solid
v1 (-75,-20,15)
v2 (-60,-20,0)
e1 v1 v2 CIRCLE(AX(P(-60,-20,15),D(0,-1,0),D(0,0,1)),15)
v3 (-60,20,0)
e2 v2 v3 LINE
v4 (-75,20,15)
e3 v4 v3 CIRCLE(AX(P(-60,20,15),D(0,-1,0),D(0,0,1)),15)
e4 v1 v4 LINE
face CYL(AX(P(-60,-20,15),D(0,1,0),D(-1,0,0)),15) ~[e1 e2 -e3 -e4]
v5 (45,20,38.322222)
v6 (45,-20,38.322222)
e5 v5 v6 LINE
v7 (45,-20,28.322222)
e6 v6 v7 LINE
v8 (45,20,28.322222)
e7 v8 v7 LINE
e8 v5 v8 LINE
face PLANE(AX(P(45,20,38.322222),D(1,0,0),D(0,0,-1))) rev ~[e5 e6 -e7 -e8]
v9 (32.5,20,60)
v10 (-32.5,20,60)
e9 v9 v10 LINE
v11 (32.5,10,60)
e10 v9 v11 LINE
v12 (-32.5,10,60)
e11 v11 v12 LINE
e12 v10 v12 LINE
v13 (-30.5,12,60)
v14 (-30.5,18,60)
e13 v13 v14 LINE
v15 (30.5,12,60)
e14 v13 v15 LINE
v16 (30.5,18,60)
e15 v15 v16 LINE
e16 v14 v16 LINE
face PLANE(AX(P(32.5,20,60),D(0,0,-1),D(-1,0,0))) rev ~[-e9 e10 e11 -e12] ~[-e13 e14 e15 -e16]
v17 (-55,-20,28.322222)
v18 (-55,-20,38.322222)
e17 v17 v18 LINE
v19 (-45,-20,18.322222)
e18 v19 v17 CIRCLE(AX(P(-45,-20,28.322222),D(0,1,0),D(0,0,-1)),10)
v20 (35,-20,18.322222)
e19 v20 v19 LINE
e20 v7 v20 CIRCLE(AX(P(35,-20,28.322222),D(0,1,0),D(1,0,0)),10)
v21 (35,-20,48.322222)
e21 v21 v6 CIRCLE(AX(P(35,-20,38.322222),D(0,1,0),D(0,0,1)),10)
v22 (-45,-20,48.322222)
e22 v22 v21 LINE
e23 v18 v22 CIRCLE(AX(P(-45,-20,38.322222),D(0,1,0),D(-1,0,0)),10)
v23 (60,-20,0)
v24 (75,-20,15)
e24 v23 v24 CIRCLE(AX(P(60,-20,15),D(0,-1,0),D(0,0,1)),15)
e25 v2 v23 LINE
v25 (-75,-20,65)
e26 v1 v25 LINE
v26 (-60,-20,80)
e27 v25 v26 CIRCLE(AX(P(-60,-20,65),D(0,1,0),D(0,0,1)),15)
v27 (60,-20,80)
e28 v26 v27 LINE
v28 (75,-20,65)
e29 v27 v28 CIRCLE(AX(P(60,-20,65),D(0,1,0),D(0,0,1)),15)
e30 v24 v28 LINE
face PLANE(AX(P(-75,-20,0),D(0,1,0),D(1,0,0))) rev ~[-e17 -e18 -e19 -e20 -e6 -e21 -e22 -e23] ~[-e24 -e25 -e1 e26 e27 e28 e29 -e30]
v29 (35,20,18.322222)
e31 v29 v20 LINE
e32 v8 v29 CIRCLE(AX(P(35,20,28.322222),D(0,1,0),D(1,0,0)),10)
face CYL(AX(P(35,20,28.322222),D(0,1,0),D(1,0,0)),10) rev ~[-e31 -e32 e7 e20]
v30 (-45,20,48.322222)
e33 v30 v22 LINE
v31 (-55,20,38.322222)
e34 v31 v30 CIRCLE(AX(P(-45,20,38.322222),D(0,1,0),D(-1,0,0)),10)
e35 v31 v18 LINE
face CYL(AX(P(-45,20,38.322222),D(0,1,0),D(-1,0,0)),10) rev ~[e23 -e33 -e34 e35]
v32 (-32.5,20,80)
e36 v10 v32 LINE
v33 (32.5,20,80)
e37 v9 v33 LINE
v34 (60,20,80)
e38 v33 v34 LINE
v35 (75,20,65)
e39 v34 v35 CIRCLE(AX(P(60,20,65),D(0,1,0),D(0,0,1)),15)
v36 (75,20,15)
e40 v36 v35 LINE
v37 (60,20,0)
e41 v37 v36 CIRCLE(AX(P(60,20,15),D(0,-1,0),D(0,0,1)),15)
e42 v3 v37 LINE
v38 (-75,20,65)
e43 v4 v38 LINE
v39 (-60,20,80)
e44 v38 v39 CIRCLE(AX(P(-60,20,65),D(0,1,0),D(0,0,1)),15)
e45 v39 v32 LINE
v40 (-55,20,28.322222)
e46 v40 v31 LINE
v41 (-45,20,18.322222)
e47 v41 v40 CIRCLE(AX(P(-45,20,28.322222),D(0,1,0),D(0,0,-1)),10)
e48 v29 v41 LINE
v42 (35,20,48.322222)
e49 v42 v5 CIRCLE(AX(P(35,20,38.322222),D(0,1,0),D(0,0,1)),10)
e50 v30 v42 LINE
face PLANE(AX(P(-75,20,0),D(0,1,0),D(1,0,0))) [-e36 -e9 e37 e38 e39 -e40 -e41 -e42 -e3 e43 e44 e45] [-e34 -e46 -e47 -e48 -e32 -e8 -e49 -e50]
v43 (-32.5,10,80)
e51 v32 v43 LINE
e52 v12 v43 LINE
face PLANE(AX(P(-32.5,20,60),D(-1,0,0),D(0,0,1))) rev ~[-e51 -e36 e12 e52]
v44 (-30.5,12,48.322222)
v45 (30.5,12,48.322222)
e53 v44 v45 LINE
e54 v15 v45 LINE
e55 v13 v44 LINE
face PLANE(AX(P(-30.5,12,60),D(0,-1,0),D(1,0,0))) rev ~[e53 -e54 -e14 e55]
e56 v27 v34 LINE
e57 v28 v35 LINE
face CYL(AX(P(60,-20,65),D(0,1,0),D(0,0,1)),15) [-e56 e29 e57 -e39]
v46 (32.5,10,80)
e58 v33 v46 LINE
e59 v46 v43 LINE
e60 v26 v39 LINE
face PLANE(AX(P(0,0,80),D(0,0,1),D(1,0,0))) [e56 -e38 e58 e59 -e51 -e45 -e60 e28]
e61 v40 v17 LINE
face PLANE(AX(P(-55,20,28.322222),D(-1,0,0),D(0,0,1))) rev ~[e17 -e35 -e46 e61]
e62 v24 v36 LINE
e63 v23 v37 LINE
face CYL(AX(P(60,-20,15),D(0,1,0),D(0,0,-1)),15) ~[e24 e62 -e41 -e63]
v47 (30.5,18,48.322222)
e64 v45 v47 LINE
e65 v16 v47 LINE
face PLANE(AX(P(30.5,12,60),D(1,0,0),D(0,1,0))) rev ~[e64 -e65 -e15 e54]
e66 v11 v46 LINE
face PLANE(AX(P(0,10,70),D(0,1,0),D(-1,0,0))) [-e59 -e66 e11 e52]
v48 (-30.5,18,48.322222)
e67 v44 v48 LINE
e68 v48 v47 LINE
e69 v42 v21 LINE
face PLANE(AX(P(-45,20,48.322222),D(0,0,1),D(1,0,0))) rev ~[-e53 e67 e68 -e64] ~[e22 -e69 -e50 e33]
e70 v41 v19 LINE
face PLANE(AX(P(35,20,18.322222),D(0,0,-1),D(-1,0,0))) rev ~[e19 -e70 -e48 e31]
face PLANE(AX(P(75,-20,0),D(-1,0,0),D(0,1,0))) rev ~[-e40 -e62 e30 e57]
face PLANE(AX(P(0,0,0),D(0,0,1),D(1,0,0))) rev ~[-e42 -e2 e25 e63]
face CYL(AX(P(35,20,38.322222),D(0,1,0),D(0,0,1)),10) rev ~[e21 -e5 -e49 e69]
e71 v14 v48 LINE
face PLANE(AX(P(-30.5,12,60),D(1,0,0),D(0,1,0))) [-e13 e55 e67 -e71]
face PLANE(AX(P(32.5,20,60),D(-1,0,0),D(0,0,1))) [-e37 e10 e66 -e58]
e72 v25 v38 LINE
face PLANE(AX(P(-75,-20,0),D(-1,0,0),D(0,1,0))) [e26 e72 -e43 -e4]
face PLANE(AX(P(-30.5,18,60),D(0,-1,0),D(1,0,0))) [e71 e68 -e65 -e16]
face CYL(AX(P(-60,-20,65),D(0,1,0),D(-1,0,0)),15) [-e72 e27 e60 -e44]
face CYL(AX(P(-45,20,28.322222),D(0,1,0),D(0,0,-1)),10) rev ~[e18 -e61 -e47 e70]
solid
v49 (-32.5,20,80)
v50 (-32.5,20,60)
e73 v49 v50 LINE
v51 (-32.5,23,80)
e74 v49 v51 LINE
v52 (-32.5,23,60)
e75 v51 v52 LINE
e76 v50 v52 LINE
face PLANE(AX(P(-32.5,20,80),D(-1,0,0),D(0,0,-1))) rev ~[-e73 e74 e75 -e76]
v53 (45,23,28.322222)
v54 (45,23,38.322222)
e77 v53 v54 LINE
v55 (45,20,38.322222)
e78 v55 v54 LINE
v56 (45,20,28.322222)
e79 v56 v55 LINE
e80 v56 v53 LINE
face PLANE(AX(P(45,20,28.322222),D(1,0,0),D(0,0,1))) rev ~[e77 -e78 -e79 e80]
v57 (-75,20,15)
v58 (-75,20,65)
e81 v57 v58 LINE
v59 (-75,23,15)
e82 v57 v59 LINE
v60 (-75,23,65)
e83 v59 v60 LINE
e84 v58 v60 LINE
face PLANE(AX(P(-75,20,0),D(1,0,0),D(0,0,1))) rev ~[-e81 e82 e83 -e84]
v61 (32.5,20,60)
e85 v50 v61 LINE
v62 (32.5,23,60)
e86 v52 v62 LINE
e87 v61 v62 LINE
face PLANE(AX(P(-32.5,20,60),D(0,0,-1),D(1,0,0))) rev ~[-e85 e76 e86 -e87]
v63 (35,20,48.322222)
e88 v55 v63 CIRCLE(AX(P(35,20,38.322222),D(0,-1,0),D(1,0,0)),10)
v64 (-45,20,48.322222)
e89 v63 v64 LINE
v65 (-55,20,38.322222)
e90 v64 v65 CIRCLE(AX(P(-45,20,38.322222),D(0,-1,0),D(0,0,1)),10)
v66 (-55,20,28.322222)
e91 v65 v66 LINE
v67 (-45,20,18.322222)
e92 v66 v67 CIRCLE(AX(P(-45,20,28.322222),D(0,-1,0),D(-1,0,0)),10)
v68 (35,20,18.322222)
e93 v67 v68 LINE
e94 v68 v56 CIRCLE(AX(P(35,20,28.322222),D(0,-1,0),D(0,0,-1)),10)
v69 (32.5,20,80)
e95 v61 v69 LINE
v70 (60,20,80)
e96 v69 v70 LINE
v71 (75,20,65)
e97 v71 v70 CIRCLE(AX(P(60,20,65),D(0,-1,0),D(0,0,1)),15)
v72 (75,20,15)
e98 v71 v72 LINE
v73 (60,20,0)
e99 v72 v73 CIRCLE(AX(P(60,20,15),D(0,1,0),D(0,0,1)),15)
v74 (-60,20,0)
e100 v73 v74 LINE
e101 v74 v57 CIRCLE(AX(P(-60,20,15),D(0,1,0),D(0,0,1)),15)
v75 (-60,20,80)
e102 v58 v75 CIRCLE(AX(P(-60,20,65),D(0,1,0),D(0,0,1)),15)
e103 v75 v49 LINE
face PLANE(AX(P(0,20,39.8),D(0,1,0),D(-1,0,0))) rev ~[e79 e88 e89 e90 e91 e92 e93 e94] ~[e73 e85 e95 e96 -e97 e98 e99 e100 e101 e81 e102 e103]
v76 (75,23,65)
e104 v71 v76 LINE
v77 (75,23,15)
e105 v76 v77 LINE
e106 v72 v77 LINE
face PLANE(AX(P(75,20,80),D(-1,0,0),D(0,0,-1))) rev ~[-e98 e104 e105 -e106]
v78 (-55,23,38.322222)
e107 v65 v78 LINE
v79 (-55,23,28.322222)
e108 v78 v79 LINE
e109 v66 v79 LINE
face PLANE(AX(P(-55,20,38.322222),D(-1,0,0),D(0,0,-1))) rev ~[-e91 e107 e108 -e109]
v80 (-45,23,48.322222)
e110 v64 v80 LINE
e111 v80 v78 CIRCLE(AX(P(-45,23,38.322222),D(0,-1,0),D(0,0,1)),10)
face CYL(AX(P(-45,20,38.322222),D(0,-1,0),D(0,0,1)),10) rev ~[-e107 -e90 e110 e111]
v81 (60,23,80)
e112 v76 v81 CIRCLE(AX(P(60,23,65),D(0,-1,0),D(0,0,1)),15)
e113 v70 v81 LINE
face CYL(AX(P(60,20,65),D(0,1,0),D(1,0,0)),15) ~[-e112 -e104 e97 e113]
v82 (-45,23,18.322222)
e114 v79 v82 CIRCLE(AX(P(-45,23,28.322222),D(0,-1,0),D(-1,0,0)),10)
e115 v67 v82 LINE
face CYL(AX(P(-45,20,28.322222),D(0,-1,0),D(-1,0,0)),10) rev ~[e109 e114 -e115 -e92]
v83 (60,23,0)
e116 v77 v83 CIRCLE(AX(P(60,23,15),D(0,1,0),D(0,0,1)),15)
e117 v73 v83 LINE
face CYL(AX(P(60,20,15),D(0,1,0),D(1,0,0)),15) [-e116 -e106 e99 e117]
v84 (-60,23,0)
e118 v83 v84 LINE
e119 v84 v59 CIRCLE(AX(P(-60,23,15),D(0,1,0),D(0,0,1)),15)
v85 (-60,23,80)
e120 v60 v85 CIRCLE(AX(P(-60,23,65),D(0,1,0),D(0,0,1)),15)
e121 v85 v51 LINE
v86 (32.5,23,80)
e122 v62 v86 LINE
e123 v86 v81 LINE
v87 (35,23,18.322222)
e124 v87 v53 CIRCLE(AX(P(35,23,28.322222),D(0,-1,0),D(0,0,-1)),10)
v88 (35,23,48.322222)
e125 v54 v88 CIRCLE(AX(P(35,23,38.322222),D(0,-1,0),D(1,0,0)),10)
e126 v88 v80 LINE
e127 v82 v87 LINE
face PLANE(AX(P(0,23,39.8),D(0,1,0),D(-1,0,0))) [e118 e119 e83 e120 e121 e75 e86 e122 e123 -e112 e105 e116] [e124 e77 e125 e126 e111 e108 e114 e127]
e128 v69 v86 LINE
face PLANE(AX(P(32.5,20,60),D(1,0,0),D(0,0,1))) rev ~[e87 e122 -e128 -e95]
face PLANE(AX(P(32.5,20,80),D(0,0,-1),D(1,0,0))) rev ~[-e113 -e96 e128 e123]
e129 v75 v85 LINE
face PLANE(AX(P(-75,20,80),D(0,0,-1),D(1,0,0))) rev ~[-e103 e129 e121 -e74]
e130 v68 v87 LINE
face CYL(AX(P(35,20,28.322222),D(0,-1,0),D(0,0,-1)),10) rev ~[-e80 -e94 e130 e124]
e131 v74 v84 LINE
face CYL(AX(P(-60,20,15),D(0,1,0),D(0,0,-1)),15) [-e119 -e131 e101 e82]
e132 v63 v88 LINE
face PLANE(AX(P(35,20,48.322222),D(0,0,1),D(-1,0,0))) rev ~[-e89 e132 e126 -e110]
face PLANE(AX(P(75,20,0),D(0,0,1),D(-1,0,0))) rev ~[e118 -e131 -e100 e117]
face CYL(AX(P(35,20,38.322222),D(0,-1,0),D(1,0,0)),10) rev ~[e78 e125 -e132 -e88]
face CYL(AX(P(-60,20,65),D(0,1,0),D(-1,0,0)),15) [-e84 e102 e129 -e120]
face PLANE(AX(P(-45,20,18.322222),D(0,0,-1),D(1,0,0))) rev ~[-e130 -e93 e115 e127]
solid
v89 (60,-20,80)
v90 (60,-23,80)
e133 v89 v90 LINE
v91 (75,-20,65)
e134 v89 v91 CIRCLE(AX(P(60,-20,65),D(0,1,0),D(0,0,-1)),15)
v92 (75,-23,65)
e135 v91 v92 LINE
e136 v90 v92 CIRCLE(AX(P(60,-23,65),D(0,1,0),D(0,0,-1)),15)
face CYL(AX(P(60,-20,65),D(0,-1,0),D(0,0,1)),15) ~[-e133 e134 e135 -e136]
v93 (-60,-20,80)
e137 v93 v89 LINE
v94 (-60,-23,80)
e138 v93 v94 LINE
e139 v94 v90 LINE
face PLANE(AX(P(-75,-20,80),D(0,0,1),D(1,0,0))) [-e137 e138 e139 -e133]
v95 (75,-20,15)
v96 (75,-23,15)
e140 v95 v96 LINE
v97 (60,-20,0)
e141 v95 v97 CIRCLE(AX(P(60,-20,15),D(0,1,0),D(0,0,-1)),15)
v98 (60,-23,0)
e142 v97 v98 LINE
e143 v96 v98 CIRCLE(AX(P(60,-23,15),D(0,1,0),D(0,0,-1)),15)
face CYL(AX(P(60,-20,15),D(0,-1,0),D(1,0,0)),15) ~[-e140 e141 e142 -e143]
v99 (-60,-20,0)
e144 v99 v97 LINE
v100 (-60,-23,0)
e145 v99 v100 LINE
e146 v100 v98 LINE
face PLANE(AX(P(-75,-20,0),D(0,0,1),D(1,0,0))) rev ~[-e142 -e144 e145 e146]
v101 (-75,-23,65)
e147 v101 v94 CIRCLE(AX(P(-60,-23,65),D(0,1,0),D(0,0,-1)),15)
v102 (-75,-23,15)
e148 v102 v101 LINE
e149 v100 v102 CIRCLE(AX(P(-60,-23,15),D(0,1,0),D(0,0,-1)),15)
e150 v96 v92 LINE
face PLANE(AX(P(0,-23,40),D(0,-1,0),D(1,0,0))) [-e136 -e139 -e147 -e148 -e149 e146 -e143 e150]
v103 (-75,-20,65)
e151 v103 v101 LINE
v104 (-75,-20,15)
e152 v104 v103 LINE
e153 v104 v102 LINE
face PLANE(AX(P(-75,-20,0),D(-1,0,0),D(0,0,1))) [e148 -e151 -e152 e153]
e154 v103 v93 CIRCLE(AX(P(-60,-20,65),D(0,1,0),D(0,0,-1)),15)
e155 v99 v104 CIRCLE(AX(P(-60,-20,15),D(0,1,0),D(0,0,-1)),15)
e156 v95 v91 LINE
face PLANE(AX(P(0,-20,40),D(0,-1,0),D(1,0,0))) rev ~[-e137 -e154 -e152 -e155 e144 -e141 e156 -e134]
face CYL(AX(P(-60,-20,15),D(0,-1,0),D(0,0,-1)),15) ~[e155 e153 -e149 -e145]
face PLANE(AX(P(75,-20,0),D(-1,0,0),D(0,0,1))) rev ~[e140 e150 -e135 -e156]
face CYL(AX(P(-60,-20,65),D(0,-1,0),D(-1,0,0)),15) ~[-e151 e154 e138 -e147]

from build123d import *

# Parameters (mm, degrees)
F0_W      = 150
F0_H      = 40
F1_DEPTH  = 80
F2_W      = 65
F2_H      = 20
F3_DEPTH  = 10
F5_DEPTH  = 68.2
F6_W      = 61
F6_H      = 6
F7_DEPTH  = 25
F9_DEPTH  = 3
F10_W     = 150
F10_H     = 80
F11_DEPTH = 3
F12_W     = 150
F12_H     = 80
F13_DEPTH = 3
F15_R     = 15
F16_R     = 15
F17_R     = 15
F18_R     = 15
F19_R     = 15
F20_R     = 15
F21_R     = 15
F22_R     = 15
F23_R     = 15
F24_R     = 15
F25_R     = 15
F26_R     = 15


with BuildPart() as f1:
    # F0 (on Top) → F1 (new body)
    with BuildSketch(Plane.XY):
        Rectangle(F0_W, F0_H)
    extrude(amount=F1_DEPTH)

    # F2 (on face) → F3 (cut)
    with BuildSketch(Plane(origin=(0, 20, 0), x_dir=(-1, 0, 0), z_dir=(0, 1, 0))):
        with Locations((0, 70)):
            Rectangle(F2_W, F2_H)
    extrude(amount=-F3_DEPTH, mode=Mode.SUBTRACT)

    # F4 (on face) → F5 (cut)
    with BuildSketch(Plane(origin=(0, 20, 0), x_dir=(-1, 0, 0), z_dir=(0, 1, 0))):
        with BuildLine():
            Line((45, 48.3222220466), (-35, 48.3222220466))
            ThreePointArc((-35, 48.3222220466), (-42.0710678119, 45.3932898584), (-45, 38.3222220466))
            Line((-45, 38.3222220466), (-45, 28.3222220466))
            ThreePointArc((-45, 28.3222220466), (-42.0710678119, 21.2511542347), (-35, 18.3222220466))
            Line((-35, 18.3222220466), (45, 18.3222220466))
            ThreePointArc((45, 18.3222220466), (52.0710678119, 21.2511542347), (55, 28.3222220466))
            Line((55, 28.3222220466), (55, 38.3222220466))
            ThreePointArc((55, 38.3222220466), (52.0710678119, 45.3932898584), (45, 48.3222220466))
        make_face()
    extrude(amount=-F5_DEPTH, mode=Mode.SUBTRACT)

    # F6 (on face) → F7 (cut)
    with BuildSketch(Plane.XY.offset(60)):
        with Locations((0, 15)):
            Rectangle(F6_W, F6_H)
    extrude(amount=-F7_DEPTH, mode=Mode.SUBTRACT)

    # F15
    f15_edges = [f1.edges().sort_by_distance(p)[0] for p in [
        (-75, 0, 80),
    ]]
    fillet(f15_edges, radius=F15_R)

    # F16
    f16_edges = [f1.edges().sort_by_distance(p)[0] for p in [
        (75, 0, 80),
    ]]
    fillet(f16_edges, radius=F16_R)

    # F17
    f17_edges = [f1.edges().sort_by_distance(p)[0] for p in [
        (-75, 0, 0),
    ]]
    fillet(f17_edges, radius=F17_R)

    # F18
    f18_edges = [f1.edges().sort_by_distance(p)[0] for p in [
        (75, 0, 0),
    ]]
    fillet(f18_edges, radius=F18_R)


with BuildPart() as f9:
    # F8 (on face) → F9 (new body)
    with BuildSketch(Plane(origin=(0, 20, 0), x_dir=(-1, 0, 0), z_dir=(0, 1, 0))):
        Polygon((-32.5, 80), (-75, 80), (-75, 0), (75, 0), (75, 80), (32.5, 80), (32.5, 60), (-32.5, 60), align=None)
        with BuildLine():
            ThreePointArc((-45, 38.3222220466), (-42.0710678119, 45.3932898584), (-35, 48.3222220466))
            Line((-35, 48.3222220466), (45, 48.3222220466))
            ThreePointArc((45, 48.3222220466), (52.0710678119, 45.3932898584), (55, 38.3222220466))
            Line((55, 38.3222220466), (55, 28.3222220466))
            ThreePointArc((55, 28.3222220466), (52.0710678119, 21.2511542347), (45, 18.3222220466))
            Line((45, 18.3222220466), (-35, 18.3222220466))
            ThreePointArc((-35, 18.3222220466), (-42.0710678119, 21.2511542347), (-45, 28.3222220466))
            Line((-45, 28.3222220466), (-45, 38.3222220466))
        make_face(mode=Mode.SUBTRACT)
    extrude(amount=F9_DEPTH)

    # F19
    f19_edges = [f9.edges().sort_by_distance(p)[0] for p in [
        (-75, 21.5, 80),
    ]]
    fillet(f19_edges, radius=F19_R)

    # F20
    f20_edges = [f9.edges().sort_by_distance(p)[0] for p in [
        (75, 21.5, 80),
    ]]
    fillet(f20_edges, radius=F20_R)

    # F21
    f21_edges = [f9.edges().sort_by_distance(p)[0] for p in [
        (75, 21.5, 0),
    ]]
    fillet(f21_edges, radius=F21_R)

    # F22
    f22_edges = [f9.edges().sort_by_distance(p)[0] for p in [
        (-75, 21.5, 0),
    ]]
    fillet(f22_edges, radius=F22_R)


with BuildPart() as f11:
    # F10 (on face) → F11 (new body)
    with BuildSketch(Plane.XZ.offset(20)):
        with Locations((0, 40)):
            Rectangle(F10_W, F10_H)
        with BuildLine():
            ThreePointArc((-55, 38.3222220466), (-52.0710678119, 45.3932898584), (-45, 48.3222220466))
            Line((-45, 48.3222220466), (35, 48.3222220466))
            ThreePointArc((35, 48.3222220466), (42.0710678119, 45.3932898584), (45, 38.3222220466))
            Line((45, 38.3222220466), (45, 28.3222220466))
            ThreePointArc((45, 28.3222220466), (42.0710678119, 21.2511542347), (35, 18.3222220466))
            Line((35, 18.3222220466), (-45, 18.3222220466))
            ThreePointArc((-45, 18.3222220466), (-52.0710678119, 21.2511542347), (-55, 28.3222220466))
            Line((-55, 28.3222220466), (-55, 38.3222220466))
        make_face(mode=Mode.SUBTRACT)
    extrude(amount=F11_DEPTH)


with BuildPart() as f13:
    # F12 (on face) → F13 (new body)
    with BuildSketch(Plane.XZ.offset(20)):
        with Locations((0, 40)):
            Rectangle(F12_W, F12_H)
    extrude(amount=F13_DEPTH)

    # F23
    f23_edges = [f13.edges().sort_by_distance(p)[0] for p in [
        (-75, -21.5, 80),
    ]]
    fillet(f23_edges, radius=F23_R)

    # F24
    f24_edges = [f13.edges().sort_by_distance(p)[0] for p in [
        (75, -21.5, 80),
    ]]
    fillet(f24_edges, radius=F24_R)

    # F25
    f25_edges = [f13.edges().sort_by_distance(p)[0] for p in [
        (75, -21.5, 0),
    ]]
    fillet(f25_edges, radius=F25_R)

    # F26
    f26_edges = [f13.edges().sort_by_distance(p)[0] for p in [
        (-75, -21.5, 0),
    ]]
    fillet(f26_edges, radius=F26_R)


solid = Compound([f1.part, f9.part, f13.part])
